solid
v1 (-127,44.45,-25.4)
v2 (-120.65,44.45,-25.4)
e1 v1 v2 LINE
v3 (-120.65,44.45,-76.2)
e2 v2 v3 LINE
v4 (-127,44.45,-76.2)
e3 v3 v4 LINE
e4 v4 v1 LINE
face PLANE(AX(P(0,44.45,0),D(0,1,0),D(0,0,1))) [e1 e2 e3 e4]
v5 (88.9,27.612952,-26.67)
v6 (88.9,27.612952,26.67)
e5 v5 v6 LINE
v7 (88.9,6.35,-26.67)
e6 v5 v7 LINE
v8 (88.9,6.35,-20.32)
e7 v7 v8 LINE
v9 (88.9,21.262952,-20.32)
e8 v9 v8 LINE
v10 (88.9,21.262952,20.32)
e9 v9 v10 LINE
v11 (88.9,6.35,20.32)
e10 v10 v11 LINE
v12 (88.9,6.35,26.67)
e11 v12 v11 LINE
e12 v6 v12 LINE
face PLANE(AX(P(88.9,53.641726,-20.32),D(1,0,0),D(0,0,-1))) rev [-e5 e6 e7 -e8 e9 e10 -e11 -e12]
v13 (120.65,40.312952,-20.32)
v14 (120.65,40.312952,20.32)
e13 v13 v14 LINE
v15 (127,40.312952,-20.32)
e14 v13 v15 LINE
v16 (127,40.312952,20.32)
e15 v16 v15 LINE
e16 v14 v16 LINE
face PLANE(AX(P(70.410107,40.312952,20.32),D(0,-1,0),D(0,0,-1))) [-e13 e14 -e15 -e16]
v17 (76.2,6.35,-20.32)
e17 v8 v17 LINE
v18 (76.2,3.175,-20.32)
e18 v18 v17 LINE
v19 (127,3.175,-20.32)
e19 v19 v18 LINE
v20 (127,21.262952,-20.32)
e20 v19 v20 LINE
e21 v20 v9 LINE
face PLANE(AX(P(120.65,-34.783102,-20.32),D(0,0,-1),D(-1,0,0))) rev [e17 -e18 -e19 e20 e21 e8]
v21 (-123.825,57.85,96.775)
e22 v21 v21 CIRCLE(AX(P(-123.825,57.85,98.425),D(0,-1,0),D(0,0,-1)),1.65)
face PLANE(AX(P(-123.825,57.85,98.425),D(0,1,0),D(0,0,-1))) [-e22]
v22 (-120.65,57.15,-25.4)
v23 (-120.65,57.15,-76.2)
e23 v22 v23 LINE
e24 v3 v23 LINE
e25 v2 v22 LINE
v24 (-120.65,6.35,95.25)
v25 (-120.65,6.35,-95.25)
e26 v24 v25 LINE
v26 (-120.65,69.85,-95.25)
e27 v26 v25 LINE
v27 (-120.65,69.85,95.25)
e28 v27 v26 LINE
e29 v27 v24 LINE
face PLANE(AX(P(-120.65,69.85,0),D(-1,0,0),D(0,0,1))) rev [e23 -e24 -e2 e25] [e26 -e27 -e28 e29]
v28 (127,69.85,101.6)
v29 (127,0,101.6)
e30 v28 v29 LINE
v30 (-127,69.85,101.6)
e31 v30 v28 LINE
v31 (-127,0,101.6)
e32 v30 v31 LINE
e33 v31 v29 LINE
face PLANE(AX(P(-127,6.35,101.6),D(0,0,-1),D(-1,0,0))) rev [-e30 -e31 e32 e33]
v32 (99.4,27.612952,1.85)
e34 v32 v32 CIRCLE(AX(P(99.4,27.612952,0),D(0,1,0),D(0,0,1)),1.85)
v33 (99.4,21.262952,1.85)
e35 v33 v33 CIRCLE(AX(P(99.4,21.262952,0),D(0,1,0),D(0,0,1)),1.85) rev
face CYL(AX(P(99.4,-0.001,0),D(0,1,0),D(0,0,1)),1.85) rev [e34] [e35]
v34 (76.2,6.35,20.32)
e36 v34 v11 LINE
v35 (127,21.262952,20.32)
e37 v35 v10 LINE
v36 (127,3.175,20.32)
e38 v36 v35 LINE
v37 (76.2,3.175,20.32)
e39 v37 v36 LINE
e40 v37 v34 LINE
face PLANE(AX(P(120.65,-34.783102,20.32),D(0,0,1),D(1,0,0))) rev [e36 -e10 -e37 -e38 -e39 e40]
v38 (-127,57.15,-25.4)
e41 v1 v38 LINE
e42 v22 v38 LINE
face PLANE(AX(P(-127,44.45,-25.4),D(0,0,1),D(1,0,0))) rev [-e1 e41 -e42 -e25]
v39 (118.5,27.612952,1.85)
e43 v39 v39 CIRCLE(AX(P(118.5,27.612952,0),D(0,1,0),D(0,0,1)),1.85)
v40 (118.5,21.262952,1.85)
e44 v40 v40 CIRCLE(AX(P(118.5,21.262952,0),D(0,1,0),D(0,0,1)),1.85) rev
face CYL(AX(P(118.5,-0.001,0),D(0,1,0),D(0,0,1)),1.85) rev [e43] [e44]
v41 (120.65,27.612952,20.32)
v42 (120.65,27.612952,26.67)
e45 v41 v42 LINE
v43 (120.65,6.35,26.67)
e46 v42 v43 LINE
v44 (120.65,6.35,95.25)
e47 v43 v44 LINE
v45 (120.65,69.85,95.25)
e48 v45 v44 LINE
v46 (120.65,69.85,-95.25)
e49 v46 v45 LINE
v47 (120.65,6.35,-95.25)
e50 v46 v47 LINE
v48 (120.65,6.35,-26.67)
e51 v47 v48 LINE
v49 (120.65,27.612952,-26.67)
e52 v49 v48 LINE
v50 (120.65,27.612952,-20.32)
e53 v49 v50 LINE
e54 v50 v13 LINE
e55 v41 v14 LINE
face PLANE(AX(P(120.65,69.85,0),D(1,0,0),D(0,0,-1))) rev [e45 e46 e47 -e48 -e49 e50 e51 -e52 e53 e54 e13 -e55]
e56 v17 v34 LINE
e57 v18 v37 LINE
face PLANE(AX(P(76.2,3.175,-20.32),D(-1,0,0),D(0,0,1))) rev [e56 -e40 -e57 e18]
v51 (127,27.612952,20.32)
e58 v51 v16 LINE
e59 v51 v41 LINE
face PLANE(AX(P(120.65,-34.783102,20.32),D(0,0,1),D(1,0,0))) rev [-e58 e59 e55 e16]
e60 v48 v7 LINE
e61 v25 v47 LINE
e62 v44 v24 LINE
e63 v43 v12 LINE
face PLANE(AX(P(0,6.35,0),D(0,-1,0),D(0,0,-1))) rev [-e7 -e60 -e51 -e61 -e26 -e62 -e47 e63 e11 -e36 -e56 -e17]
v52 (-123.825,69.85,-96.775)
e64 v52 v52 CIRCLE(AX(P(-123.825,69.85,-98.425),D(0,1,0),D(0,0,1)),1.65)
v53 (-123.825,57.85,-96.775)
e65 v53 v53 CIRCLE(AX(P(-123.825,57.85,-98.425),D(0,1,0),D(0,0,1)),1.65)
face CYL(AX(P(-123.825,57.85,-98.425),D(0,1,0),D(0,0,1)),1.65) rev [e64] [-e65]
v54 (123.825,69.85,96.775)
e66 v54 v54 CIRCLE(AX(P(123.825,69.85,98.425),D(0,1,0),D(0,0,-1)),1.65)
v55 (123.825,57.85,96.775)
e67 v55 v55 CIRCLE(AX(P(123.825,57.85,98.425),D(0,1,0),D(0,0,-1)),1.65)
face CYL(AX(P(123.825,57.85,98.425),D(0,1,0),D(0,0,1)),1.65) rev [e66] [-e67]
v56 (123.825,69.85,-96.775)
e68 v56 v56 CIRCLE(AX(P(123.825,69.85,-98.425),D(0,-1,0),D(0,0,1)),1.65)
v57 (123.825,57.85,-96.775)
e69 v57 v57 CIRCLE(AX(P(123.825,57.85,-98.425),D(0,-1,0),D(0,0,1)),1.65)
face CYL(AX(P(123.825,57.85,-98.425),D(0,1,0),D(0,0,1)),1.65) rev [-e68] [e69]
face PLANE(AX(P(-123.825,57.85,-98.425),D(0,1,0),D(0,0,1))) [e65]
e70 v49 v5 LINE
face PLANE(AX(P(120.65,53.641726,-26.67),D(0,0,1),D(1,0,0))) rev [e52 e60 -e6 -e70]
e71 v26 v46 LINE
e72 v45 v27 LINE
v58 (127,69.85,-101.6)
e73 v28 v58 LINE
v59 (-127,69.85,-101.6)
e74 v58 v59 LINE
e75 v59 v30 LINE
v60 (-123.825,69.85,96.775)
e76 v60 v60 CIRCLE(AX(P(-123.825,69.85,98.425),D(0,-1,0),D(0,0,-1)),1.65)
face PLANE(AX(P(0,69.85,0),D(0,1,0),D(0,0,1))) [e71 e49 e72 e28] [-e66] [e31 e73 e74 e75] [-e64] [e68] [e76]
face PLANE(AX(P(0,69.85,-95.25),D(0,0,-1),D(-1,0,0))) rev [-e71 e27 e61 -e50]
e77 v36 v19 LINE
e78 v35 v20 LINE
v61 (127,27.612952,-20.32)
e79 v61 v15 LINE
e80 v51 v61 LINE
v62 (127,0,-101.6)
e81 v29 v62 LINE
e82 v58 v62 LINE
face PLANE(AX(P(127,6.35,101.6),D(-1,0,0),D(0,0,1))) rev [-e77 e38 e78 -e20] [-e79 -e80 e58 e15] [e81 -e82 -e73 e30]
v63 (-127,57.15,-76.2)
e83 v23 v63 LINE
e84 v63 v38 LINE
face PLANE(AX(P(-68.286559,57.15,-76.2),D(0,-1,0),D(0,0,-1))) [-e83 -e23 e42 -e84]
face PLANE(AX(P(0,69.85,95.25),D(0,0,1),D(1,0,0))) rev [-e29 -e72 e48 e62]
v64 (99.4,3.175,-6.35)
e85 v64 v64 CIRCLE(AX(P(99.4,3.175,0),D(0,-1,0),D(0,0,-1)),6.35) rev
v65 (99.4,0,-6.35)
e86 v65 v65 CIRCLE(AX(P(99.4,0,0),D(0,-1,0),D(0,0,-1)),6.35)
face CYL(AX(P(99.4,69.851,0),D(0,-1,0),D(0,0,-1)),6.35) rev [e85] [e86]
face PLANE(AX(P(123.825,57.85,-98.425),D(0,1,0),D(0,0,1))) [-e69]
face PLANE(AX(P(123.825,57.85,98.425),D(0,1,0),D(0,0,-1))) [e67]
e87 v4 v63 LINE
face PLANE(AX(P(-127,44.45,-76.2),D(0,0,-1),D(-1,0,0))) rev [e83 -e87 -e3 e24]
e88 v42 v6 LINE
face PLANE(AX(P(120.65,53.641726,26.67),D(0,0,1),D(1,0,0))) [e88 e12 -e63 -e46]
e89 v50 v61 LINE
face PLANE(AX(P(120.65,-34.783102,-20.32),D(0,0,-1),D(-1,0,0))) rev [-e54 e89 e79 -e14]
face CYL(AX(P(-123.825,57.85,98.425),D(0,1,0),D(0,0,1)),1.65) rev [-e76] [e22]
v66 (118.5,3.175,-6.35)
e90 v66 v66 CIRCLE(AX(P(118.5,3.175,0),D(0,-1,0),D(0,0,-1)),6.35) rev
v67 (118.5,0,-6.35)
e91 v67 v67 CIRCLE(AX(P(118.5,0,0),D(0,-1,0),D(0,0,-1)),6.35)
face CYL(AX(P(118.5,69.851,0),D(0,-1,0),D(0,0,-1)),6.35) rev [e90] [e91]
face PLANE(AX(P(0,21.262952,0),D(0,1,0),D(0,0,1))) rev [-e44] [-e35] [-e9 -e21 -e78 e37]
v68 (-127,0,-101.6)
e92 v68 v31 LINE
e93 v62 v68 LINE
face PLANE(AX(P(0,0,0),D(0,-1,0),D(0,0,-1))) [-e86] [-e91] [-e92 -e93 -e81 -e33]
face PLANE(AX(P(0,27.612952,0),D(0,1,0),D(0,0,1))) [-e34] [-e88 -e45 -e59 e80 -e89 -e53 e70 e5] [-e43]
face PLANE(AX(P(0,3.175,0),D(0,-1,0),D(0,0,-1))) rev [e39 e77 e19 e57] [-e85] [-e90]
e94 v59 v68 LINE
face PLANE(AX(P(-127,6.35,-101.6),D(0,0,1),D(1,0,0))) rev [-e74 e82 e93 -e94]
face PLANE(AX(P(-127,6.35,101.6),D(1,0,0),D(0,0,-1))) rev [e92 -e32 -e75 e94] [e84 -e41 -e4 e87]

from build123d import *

# Parameters (mm, degrees)
SKETCH1_W                                  = 254
SKETCH1_H                                  = 203.2
BOSS_EXTRUDE1_DEPTH                        = 6.35
SKETCH2_W                                  = 6.35
SKETCH2_H                                  = 190.5
BOSS_EXTRUDE2_DEPTH                        = 63.5
SKETCH3_W                                  = 6.35
SKETCH3_H                                  = 40.64
CUT_EXTRUDE1_DEPTH                         = 63.5
SKETCH4_W                                  = 50.8
SKETCH4_H                                  = 40.64
CUT_EXTRUDE2_DEPTH                         = 3.175
SKETCH5_W                                  = 31.75
SKETCH5_H                                  = 6.35
BOSS_EXTRUDE3_DEPTH                        = 14.912951806
SKETCH6_W                                  = 38.1
SKETCH6_H                                  = 26.67
BOSS_EXTRUDE4_DEPTH                        = 6.35
CUT_EXTRUDE3_REACH                         = 170.034
SKETCH7_R                                  = 1.85
SKETCH8_W                                  = 6.35
SKETCH8_H                                  = 50.8
CUT_EXTRUDE4_DEPTH                         = 25.4
CUT_EXTRUDE5_REACH                         = 179.004
SKETCH9_R                                  = 6.35
SKETCH10_W                                 = 40.64
SKETCH10_H                                 = 29.537048194
BOSS_EXTRUDE5_DEPTH                        = 6.35
SKETCH11_W                                 = 50.8
SKETCH11_H                                 = 12.7
BOSS_EXTRUDE6_DEPTH                        = 6.35
SKETCH12_R                                 = 1.65
CUT_EXTRUDE6_DEPTH                         = 12
MIRROR2_AT_THE_SECOND_PLANE_COPY_1_SKETC_R = 1.65
MIRROR2_AT_THE_SECOND_PLANE_COPY_1_DEPTH   = 12


with BuildPart() as part:
    # Sketch1 → Boss-Extrude1 (new body)
    with BuildSketch(Plane(origin=(0, 0, 0), x_dir=(1, 0, 0), z_dir=(0, 1, 0))):
        Rectangle(SKETCH1_W, SKETCH1_H)
    extrude(amount=BOSS_EXTRUDE1_DEPTH)

    # Sketch2 → Boss-Extrude2 (add)
    with BuildSketch(Plane(origin=(0, 6.35, 0), x_dir=(1, 0, 0), z_dir=(0, 1, 0))):
        with Locations((-123.825, 0)):
            Rectangle(SKETCH2_W, SKETCH2_H)
        Polygon((127, 101.6), (-127, 101.6), (-127, 95.25), (-120.65, 95.25), (120.65, 95.25), (127, 95.25), align=None)
        with Locations((123.825, 0)):
            Rectangle(SKETCH2_W, SKETCH2_H)
        Polygon((-120.65, -95.25), (-127, -95.25), (-127, -101.6), (127, -101.6), (127, -95.25), (120.65, -95.25), align=None)
    extrude(amount=BOSS_EXTRUDE2_DEPTH)

    # Sketch3 → Cut-Extrude1 (cut)
    with BuildSketch(Plane(origin=(0, 69.85, 0), x_dir=(1, 0, 0), z_dir=(0, 1, 0))):
        with Locations((123.825, 0)):
            Rectangle(SKETCH3_W, SKETCH3_H)
    extrude(amount=-CUT_EXTRUDE1_DEPTH, mode=Mode.SUBTRACT)

    # Sketch4 → Cut-Extrude2 (cut)
    with BuildSketch(Plane(origin=(0, 6.35, 0), x_dir=(1, 0, 0), z_dir=(0, 1, 0))):
        with Locations((101.6, 0)):
            Rectangle(SKETCH4_W, SKETCH4_H)
    extrude(amount=-CUT_EXTRUDE2_DEPTH, mode=Mode.SUBTRACT)

    # Sketch5 → Boss-Extrude3 (add)
    with BuildSketch(Plane(origin=(0, 6.35, 0), x_dir=(1, 0, 0), z_dir=(0, 1, 0))):
        with Locations((104.775, 23.495)):
            Rectangle(SKETCH5_W, SKETCH5_H)
    boss_extrude3 = extrude(amount=BOSS_EXTRUDE3_DEPTH)

    # Sketch6 → Boss-Extrude4 (add)
    with BuildSketch(Plane(origin=(0, 21.262951806, 0), x_dir=(1, 0, 0), z_dir=(0, 1, 0))):
        with Locations((107.95, 13.335)):
            Rectangle(SKETCH6_W, SKETCH6_H)
    boss_extrude4 = extrude(amount=BOSS_EXTRUDE4_DEPTH)

    # Mirror1: Boss-Extrude3, Boss-Extrude4 across plane
    add(boss_extrude3.mirror(Plane.XY))
    add(boss_extrude4.mirror(Plane.XY))

    # Sketch7 → Cut-Extrude3 (cut, up to next)
    with BuildSketch(Plane(origin=(0, 27.612951806, 0), x_dir=(1, 0, 0), z_dir=(0, 1, 0)), mode=Mode.PRIVATE) as cut_extrude3_sk1:
        with Locations(Location((99.4, 0, 0), (0, 0, 270))):
            Circle(SKETCH7_R)
    cut_extrude3_tool1 = extrude(cut_extrude3_sk1.sketch, amount=-CUT_EXTRUDE3_REACH, mode=Mode.PRIVATE) & part.part
    # Sketch7 → Cut-Extrude3 (cut, up to next)
    with BuildSketch(Plane(origin=(0, 27.612951806, 0), x_dir=(1, 0, 0), z_dir=(0, 1, 0)), mode=Mode.PRIVATE) as cut_extrude3_sk2:
        with Locations(Location((118.5, 0, 0), (0, 0, 270))):
            Circle(SKETCH7_R)
    cut_extrude3_tool2 = extrude(cut_extrude3_sk2.sketch, amount=-CUT_EXTRUDE3_REACH, mode=Mode.PRIVATE) & part.part
    add(cut_extrude3_tool1.solids().sort_by_distance((99.4, 27.612952, 0))[0], mode=Mode.SUBTRACT)
    add(cut_extrude3_tool2.solids().sort_by_distance((118.5, 27.612952, 0))[0], mode=Mode.SUBTRACT)

    # Sketch8 → Cut-Extrude4 (cut)
    with BuildSketch(Plane(origin=(0, 69.85, 0), x_dir=(1, 0, 0), z_dir=(0, 1, 0))):
        with Locations((-123.825, 50.8)):
            Rectangle(SKETCH8_W, SKETCH8_H)
    extrude(amount=-CUT_EXTRUDE4_DEPTH, mode=Mode.SUBTRACT)

    # Sketch9 → Cut-Extrude5 (cut, up to next)
    with BuildSketch(Plane.XZ, mode=Mode.PRIVATE) as cut_extrude5_sk1:
        with Locations(Location((99.4, 0, 0), (0, 0, 270))):
            Circle(SKETCH9_R)
    cut_extrude5_tool1 = extrude(cut_extrude5_sk1.sketch, amount=-CUT_EXTRUDE5_REACH, mode=Mode.PRIVATE) & part.part
    # Sketch9 → Cut-Extrude5 (cut, up to next)
    with BuildSketch(Plane.XZ, mode=Mode.PRIVATE) as cut_extrude5_sk2:
        with Locations(Location((118.5, 0, 0), (0, 0, 270))):
            Circle(SKETCH9_R)
    cut_extrude5_tool2 = extrude(cut_extrude5_sk2.sketch, amount=-CUT_EXTRUDE5_REACH, mode=Mode.PRIVATE) & part.part
    add(cut_extrude5_tool1.solids().sort_by_distance((99.4, 0, 0))[0], mode=Mode.SUBTRACT)
    add(cut_extrude5_tool2.solids().sort_by_distance((118.5, 0, 0))[0], mode=Mode.SUBTRACT)

    # Sketch10 → Boss-Extrude5 (add)
    with BuildSketch(Plane(origin=(127, 0, 0), x_dir=(0, 0, -1), z_dir=(1, 0, 0))):
        with Locations((0, 55.081475903)):
            Rectangle(SKETCH10_W, SKETCH10_H)
    extrude(amount=-BOSS_EXTRUDE5_DEPTH)

    # Sketch11 → Boss-Extrude6 (add)
    with BuildSketch(Plane.ZY.offset(127)):
        with Locations((-50.8, 63.5)):
            Rectangle(SKETCH11_W, SKETCH11_H)
    extrude(amount=-BOSS_EXTRUDE6_DEPTH)

    # Sketch12 → Cut-Extrude6 (cut)
    with BuildSketch(Plane(origin=(0, 69.85, 0), x_dir=(1, 0, 0), z_dir=(0, 1, 0))):
        with Locations(Location((-123.825, 98.425, 0), (0, 0, 270))):
            Circle(SKETCH12_R)
    cut_extrude6 = extrude(amount=-CUT_EXTRUDE6_DEPTH, mode=Mode.SUBTRACT)

    # Mirror2: Cut-Extrude6 across plane
    add(cut_extrude6.mirror(Plane.XY), mode=Mode.SUBTRACT)

    # Mirror2 at the second plane: Cut-Extrude6 across plane
    add(cut_extrude6.mirror(Plane(origin=(0, 0, 0), x_dir=(0, 0, 1), z_dir=(1, 0, 0))), mode=Mode.SUBTRACT)

    # Mirror2 at the second plane copy 1 sketc → Mirror2 at the second plane copy 1 (cut)
    with BuildSketch(Plane(origin=(0, 69.85, 0), x_dir=(-1, 0, 0), z_dir=(0, 1, 0))):
        with Locations(Location((-123.825, 98.425, 0), (0, 0, 270))):
            Circle(MIRROR2_AT_THE_SECOND_PLANE_COPY_1_SKETC_R)
    extrude(amount=-MIRROR2_AT_THE_SECOND_PLANE_COPY_1_DEPTH, mode=Mode.SUBTRACT)


solid = part.part
